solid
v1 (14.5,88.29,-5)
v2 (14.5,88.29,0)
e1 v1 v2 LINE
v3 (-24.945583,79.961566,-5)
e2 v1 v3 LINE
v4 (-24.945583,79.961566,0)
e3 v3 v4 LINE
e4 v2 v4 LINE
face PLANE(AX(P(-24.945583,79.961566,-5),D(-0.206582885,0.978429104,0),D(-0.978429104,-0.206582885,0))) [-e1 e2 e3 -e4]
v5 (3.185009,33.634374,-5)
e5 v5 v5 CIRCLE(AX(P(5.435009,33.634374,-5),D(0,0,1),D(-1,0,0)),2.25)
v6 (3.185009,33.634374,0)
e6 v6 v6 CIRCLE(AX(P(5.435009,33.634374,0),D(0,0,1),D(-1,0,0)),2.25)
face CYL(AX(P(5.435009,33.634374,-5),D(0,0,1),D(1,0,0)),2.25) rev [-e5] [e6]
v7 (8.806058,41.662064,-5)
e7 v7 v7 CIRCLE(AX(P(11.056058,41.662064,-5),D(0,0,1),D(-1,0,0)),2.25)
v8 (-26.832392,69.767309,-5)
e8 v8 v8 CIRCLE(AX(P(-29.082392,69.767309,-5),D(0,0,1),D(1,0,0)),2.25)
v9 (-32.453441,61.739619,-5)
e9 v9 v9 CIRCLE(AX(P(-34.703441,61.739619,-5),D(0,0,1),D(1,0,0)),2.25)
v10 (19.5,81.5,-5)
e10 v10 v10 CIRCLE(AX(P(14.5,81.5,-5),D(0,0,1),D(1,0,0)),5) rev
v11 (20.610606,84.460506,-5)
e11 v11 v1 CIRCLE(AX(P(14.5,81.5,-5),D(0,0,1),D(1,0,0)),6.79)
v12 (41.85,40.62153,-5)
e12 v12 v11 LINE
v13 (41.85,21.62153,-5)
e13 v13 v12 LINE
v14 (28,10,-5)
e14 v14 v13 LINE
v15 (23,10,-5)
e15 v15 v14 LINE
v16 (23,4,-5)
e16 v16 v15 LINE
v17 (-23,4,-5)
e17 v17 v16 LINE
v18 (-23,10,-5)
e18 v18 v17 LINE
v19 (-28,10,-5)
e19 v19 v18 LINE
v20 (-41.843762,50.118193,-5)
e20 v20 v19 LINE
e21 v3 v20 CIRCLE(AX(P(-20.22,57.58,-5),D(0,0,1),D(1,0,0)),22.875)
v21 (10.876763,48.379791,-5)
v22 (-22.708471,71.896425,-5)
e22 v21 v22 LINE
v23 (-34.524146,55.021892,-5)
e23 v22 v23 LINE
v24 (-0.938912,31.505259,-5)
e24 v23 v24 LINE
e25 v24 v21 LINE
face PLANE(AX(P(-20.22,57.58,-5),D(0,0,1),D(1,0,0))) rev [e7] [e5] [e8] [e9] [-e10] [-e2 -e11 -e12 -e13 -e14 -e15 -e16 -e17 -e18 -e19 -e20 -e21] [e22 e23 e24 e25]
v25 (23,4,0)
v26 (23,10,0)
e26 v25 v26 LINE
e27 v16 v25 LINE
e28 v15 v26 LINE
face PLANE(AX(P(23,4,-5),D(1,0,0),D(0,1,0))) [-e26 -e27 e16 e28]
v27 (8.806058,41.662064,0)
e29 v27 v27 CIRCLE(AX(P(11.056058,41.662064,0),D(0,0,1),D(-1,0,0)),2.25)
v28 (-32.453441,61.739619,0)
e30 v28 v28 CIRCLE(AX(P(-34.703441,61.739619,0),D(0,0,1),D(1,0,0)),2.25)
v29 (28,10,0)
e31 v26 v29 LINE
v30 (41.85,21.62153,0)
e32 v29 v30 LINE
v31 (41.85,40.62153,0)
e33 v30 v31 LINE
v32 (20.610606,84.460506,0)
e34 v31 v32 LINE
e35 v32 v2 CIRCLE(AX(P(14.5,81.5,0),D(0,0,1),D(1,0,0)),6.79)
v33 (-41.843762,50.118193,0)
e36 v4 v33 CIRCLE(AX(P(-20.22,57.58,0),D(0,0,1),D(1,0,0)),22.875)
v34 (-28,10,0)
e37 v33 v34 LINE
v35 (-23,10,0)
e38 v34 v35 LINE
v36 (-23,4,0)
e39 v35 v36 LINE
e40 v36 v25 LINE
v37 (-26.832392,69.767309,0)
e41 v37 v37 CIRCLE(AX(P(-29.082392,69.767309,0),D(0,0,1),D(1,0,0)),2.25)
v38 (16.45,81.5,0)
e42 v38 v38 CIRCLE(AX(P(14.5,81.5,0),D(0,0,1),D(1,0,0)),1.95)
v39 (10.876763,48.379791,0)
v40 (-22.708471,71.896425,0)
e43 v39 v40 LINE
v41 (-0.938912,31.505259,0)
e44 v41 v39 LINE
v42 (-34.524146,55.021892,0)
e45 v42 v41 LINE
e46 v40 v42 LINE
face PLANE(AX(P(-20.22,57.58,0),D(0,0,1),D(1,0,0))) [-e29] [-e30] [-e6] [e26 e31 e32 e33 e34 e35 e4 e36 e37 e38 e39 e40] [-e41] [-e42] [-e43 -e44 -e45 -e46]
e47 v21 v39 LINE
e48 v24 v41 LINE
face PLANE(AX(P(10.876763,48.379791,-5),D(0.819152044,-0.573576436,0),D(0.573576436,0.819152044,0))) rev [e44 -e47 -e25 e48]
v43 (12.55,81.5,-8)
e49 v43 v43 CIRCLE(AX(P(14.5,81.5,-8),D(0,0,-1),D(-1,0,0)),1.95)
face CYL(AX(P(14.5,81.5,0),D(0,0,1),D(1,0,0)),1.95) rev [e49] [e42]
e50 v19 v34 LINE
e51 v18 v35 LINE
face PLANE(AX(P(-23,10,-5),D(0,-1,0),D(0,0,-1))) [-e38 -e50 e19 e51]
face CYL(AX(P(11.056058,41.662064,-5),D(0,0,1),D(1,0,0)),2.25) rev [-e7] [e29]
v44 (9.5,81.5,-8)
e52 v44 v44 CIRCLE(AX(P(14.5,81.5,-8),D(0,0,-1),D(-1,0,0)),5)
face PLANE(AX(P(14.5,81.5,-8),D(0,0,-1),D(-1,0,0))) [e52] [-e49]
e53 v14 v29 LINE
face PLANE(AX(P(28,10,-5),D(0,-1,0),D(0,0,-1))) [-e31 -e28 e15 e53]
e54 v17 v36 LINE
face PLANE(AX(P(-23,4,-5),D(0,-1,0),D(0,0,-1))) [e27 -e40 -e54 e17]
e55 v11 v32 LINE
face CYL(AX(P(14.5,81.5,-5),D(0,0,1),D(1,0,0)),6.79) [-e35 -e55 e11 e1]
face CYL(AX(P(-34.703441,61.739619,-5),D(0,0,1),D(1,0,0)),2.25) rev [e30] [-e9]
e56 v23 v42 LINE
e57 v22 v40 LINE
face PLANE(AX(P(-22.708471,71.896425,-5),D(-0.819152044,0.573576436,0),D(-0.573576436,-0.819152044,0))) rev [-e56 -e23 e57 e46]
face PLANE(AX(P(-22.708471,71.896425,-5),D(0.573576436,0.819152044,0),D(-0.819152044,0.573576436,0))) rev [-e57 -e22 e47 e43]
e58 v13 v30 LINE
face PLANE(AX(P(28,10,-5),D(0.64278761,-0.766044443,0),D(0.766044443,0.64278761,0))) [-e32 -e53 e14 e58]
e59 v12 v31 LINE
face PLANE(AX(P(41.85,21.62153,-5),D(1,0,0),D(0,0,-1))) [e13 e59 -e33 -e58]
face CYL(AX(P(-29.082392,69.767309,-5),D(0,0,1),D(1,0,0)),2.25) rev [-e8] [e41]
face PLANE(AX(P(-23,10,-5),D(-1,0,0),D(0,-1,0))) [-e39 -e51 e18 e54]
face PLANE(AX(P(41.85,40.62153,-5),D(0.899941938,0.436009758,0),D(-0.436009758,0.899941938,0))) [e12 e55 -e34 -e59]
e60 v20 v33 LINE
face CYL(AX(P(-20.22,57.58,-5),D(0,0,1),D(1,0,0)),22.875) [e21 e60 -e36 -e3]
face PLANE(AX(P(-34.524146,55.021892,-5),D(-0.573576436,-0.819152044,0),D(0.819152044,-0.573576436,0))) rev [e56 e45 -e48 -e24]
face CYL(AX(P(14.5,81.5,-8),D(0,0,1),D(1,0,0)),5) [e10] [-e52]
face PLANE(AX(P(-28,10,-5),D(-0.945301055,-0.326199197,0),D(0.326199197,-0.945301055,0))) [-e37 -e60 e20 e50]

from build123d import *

# Parameters (mm, degrees)
SKETCH1_R                  = 2.25
BOSS_EXTRUDE1_DEPTH        = 5
M3_5_CLEARANCE_HOLE1_D     = 3.9
M3_5_CLEARANCE_HOLE1_DEPTH = 10
M3_5_CLEARANCE_HOLE1_TIP   = 1.171678207
EXTRUDE_START              = 3
SKETCH_2_R                 = 5
SKETCH_2_R_2               = 1.95
EXTRUDE_2_DEPTH            = 3


with BuildPart() as part:
    # Sketch1 → Boss-Extrude1 (new body)
    with BuildSketch(Plane.XY):
        with BuildLine():
            Line((41.849999868, 40.621529794), (20.610605728, 84.460506241))
            ThreePointArc((20.610605728, 84.460506241), (18.105708126, 87.253517924), (14.499999983, 88.289999977))
            Line((14.499999983, 88.289999977), (-24.945583467, 79.961565754))
            ThreePointArc((-24.945583467, 79.961565754), (-40.125494586, 68.851065128), (-41.843761596, 50.118193373))
            Line((-41.843761596, 50.118193373), (-27.999999977, 9.999999991))
            Line((-27.999999977, 9.999999991), (-22.999999995, 9.999999991))
            Line((-22.999999995, 9.999999991), (-22.999999995, 3.999999991))
            Line((-22.999999995, 3.999999991), (22.999999995, 3.999999991))
            Line((22.999999995, 3.999999991), (22.999999995, 9.999999991))
            Line((22.999999995, 9.999999991), (27.999999977, 9.999999991))
            Line((27.999999977, 9.999999991), (41.849999868, 21.621529803))
            Line((41.849999868, 21.621529803), (41.849999868, 40.621529794))
        make_face()
        with Locations((-29.082392063, 69.767309235)):
            Circle(SKETCH1_R, mode=Mode.SUBTRACT)
        with Locations((-34.70344114, 61.739619201)):
            Circle(SKETCH1_R, mode=Mode.SUBTRACT)
        with Locations(Location((5.43500903, 33.63437382, 0), (0, 0, 180))):
            Circle(SKETCH1_R, mode=Mode.SUBTRACT)
        with Locations(Location((11.056058107, 41.662063854, 0), (0, 0, 180))):
            Circle(SKETCH1_R, mode=Mode.SUBTRACT)
        Polygon((-22.70847113, 71.896424529), (-34.524145719, 55.021892416), (-0.938911903, 31.505258526), (10.876762686, 48.379790638), align=None, mode=Mode.SUBTRACT)
    extrude(amount=-BOSS_EXTRUDE1_DEPTH)

    # M3.5 Clearance Hole1
    with Locations(Plane.XY):
        with Locations((14.499999983, 81.499999989)):
            Hole(M3_5_CLEARANCE_HOLE1_D / 2, depth=M3_5_CLEARANCE_HOLE1_DEPTH)
            with Locations((0, 0, -(M3_5_CLEARANCE_HOLE1_DEPTH + M3_5_CLEARANCE_HOLE1_TIP / 2))):  # 118° drill point
                Cone(0, M3_5_CLEARANCE_HOLE1_D / 2, M3_5_CLEARANCE_HOLE1_TIP, mode=Mode.SUBTRACT)

    # 草图2 → 凸台-拉伸2 (add)
    with BuildSketch(Plane(origin=(0, 0, -5), x_dir=(-1, 0, 0), z_dir=(0, 0, -1)).offset(EXTRUDE_START)):
        with Locations(Location((-14.499999983, 81.499999989, 0), (0, 0, 180))):
            Circle(SKETCH_2_R)
        with Locations(Location((-14.499999983, 81.499999989, 0), (0, 0, 180))):
            Circle(SKETCH_2_R_2, mode=Mode.SUBTRACT)
    extrude(amount=-EXTRUDE_2_DEPTH)


solid = part.part
